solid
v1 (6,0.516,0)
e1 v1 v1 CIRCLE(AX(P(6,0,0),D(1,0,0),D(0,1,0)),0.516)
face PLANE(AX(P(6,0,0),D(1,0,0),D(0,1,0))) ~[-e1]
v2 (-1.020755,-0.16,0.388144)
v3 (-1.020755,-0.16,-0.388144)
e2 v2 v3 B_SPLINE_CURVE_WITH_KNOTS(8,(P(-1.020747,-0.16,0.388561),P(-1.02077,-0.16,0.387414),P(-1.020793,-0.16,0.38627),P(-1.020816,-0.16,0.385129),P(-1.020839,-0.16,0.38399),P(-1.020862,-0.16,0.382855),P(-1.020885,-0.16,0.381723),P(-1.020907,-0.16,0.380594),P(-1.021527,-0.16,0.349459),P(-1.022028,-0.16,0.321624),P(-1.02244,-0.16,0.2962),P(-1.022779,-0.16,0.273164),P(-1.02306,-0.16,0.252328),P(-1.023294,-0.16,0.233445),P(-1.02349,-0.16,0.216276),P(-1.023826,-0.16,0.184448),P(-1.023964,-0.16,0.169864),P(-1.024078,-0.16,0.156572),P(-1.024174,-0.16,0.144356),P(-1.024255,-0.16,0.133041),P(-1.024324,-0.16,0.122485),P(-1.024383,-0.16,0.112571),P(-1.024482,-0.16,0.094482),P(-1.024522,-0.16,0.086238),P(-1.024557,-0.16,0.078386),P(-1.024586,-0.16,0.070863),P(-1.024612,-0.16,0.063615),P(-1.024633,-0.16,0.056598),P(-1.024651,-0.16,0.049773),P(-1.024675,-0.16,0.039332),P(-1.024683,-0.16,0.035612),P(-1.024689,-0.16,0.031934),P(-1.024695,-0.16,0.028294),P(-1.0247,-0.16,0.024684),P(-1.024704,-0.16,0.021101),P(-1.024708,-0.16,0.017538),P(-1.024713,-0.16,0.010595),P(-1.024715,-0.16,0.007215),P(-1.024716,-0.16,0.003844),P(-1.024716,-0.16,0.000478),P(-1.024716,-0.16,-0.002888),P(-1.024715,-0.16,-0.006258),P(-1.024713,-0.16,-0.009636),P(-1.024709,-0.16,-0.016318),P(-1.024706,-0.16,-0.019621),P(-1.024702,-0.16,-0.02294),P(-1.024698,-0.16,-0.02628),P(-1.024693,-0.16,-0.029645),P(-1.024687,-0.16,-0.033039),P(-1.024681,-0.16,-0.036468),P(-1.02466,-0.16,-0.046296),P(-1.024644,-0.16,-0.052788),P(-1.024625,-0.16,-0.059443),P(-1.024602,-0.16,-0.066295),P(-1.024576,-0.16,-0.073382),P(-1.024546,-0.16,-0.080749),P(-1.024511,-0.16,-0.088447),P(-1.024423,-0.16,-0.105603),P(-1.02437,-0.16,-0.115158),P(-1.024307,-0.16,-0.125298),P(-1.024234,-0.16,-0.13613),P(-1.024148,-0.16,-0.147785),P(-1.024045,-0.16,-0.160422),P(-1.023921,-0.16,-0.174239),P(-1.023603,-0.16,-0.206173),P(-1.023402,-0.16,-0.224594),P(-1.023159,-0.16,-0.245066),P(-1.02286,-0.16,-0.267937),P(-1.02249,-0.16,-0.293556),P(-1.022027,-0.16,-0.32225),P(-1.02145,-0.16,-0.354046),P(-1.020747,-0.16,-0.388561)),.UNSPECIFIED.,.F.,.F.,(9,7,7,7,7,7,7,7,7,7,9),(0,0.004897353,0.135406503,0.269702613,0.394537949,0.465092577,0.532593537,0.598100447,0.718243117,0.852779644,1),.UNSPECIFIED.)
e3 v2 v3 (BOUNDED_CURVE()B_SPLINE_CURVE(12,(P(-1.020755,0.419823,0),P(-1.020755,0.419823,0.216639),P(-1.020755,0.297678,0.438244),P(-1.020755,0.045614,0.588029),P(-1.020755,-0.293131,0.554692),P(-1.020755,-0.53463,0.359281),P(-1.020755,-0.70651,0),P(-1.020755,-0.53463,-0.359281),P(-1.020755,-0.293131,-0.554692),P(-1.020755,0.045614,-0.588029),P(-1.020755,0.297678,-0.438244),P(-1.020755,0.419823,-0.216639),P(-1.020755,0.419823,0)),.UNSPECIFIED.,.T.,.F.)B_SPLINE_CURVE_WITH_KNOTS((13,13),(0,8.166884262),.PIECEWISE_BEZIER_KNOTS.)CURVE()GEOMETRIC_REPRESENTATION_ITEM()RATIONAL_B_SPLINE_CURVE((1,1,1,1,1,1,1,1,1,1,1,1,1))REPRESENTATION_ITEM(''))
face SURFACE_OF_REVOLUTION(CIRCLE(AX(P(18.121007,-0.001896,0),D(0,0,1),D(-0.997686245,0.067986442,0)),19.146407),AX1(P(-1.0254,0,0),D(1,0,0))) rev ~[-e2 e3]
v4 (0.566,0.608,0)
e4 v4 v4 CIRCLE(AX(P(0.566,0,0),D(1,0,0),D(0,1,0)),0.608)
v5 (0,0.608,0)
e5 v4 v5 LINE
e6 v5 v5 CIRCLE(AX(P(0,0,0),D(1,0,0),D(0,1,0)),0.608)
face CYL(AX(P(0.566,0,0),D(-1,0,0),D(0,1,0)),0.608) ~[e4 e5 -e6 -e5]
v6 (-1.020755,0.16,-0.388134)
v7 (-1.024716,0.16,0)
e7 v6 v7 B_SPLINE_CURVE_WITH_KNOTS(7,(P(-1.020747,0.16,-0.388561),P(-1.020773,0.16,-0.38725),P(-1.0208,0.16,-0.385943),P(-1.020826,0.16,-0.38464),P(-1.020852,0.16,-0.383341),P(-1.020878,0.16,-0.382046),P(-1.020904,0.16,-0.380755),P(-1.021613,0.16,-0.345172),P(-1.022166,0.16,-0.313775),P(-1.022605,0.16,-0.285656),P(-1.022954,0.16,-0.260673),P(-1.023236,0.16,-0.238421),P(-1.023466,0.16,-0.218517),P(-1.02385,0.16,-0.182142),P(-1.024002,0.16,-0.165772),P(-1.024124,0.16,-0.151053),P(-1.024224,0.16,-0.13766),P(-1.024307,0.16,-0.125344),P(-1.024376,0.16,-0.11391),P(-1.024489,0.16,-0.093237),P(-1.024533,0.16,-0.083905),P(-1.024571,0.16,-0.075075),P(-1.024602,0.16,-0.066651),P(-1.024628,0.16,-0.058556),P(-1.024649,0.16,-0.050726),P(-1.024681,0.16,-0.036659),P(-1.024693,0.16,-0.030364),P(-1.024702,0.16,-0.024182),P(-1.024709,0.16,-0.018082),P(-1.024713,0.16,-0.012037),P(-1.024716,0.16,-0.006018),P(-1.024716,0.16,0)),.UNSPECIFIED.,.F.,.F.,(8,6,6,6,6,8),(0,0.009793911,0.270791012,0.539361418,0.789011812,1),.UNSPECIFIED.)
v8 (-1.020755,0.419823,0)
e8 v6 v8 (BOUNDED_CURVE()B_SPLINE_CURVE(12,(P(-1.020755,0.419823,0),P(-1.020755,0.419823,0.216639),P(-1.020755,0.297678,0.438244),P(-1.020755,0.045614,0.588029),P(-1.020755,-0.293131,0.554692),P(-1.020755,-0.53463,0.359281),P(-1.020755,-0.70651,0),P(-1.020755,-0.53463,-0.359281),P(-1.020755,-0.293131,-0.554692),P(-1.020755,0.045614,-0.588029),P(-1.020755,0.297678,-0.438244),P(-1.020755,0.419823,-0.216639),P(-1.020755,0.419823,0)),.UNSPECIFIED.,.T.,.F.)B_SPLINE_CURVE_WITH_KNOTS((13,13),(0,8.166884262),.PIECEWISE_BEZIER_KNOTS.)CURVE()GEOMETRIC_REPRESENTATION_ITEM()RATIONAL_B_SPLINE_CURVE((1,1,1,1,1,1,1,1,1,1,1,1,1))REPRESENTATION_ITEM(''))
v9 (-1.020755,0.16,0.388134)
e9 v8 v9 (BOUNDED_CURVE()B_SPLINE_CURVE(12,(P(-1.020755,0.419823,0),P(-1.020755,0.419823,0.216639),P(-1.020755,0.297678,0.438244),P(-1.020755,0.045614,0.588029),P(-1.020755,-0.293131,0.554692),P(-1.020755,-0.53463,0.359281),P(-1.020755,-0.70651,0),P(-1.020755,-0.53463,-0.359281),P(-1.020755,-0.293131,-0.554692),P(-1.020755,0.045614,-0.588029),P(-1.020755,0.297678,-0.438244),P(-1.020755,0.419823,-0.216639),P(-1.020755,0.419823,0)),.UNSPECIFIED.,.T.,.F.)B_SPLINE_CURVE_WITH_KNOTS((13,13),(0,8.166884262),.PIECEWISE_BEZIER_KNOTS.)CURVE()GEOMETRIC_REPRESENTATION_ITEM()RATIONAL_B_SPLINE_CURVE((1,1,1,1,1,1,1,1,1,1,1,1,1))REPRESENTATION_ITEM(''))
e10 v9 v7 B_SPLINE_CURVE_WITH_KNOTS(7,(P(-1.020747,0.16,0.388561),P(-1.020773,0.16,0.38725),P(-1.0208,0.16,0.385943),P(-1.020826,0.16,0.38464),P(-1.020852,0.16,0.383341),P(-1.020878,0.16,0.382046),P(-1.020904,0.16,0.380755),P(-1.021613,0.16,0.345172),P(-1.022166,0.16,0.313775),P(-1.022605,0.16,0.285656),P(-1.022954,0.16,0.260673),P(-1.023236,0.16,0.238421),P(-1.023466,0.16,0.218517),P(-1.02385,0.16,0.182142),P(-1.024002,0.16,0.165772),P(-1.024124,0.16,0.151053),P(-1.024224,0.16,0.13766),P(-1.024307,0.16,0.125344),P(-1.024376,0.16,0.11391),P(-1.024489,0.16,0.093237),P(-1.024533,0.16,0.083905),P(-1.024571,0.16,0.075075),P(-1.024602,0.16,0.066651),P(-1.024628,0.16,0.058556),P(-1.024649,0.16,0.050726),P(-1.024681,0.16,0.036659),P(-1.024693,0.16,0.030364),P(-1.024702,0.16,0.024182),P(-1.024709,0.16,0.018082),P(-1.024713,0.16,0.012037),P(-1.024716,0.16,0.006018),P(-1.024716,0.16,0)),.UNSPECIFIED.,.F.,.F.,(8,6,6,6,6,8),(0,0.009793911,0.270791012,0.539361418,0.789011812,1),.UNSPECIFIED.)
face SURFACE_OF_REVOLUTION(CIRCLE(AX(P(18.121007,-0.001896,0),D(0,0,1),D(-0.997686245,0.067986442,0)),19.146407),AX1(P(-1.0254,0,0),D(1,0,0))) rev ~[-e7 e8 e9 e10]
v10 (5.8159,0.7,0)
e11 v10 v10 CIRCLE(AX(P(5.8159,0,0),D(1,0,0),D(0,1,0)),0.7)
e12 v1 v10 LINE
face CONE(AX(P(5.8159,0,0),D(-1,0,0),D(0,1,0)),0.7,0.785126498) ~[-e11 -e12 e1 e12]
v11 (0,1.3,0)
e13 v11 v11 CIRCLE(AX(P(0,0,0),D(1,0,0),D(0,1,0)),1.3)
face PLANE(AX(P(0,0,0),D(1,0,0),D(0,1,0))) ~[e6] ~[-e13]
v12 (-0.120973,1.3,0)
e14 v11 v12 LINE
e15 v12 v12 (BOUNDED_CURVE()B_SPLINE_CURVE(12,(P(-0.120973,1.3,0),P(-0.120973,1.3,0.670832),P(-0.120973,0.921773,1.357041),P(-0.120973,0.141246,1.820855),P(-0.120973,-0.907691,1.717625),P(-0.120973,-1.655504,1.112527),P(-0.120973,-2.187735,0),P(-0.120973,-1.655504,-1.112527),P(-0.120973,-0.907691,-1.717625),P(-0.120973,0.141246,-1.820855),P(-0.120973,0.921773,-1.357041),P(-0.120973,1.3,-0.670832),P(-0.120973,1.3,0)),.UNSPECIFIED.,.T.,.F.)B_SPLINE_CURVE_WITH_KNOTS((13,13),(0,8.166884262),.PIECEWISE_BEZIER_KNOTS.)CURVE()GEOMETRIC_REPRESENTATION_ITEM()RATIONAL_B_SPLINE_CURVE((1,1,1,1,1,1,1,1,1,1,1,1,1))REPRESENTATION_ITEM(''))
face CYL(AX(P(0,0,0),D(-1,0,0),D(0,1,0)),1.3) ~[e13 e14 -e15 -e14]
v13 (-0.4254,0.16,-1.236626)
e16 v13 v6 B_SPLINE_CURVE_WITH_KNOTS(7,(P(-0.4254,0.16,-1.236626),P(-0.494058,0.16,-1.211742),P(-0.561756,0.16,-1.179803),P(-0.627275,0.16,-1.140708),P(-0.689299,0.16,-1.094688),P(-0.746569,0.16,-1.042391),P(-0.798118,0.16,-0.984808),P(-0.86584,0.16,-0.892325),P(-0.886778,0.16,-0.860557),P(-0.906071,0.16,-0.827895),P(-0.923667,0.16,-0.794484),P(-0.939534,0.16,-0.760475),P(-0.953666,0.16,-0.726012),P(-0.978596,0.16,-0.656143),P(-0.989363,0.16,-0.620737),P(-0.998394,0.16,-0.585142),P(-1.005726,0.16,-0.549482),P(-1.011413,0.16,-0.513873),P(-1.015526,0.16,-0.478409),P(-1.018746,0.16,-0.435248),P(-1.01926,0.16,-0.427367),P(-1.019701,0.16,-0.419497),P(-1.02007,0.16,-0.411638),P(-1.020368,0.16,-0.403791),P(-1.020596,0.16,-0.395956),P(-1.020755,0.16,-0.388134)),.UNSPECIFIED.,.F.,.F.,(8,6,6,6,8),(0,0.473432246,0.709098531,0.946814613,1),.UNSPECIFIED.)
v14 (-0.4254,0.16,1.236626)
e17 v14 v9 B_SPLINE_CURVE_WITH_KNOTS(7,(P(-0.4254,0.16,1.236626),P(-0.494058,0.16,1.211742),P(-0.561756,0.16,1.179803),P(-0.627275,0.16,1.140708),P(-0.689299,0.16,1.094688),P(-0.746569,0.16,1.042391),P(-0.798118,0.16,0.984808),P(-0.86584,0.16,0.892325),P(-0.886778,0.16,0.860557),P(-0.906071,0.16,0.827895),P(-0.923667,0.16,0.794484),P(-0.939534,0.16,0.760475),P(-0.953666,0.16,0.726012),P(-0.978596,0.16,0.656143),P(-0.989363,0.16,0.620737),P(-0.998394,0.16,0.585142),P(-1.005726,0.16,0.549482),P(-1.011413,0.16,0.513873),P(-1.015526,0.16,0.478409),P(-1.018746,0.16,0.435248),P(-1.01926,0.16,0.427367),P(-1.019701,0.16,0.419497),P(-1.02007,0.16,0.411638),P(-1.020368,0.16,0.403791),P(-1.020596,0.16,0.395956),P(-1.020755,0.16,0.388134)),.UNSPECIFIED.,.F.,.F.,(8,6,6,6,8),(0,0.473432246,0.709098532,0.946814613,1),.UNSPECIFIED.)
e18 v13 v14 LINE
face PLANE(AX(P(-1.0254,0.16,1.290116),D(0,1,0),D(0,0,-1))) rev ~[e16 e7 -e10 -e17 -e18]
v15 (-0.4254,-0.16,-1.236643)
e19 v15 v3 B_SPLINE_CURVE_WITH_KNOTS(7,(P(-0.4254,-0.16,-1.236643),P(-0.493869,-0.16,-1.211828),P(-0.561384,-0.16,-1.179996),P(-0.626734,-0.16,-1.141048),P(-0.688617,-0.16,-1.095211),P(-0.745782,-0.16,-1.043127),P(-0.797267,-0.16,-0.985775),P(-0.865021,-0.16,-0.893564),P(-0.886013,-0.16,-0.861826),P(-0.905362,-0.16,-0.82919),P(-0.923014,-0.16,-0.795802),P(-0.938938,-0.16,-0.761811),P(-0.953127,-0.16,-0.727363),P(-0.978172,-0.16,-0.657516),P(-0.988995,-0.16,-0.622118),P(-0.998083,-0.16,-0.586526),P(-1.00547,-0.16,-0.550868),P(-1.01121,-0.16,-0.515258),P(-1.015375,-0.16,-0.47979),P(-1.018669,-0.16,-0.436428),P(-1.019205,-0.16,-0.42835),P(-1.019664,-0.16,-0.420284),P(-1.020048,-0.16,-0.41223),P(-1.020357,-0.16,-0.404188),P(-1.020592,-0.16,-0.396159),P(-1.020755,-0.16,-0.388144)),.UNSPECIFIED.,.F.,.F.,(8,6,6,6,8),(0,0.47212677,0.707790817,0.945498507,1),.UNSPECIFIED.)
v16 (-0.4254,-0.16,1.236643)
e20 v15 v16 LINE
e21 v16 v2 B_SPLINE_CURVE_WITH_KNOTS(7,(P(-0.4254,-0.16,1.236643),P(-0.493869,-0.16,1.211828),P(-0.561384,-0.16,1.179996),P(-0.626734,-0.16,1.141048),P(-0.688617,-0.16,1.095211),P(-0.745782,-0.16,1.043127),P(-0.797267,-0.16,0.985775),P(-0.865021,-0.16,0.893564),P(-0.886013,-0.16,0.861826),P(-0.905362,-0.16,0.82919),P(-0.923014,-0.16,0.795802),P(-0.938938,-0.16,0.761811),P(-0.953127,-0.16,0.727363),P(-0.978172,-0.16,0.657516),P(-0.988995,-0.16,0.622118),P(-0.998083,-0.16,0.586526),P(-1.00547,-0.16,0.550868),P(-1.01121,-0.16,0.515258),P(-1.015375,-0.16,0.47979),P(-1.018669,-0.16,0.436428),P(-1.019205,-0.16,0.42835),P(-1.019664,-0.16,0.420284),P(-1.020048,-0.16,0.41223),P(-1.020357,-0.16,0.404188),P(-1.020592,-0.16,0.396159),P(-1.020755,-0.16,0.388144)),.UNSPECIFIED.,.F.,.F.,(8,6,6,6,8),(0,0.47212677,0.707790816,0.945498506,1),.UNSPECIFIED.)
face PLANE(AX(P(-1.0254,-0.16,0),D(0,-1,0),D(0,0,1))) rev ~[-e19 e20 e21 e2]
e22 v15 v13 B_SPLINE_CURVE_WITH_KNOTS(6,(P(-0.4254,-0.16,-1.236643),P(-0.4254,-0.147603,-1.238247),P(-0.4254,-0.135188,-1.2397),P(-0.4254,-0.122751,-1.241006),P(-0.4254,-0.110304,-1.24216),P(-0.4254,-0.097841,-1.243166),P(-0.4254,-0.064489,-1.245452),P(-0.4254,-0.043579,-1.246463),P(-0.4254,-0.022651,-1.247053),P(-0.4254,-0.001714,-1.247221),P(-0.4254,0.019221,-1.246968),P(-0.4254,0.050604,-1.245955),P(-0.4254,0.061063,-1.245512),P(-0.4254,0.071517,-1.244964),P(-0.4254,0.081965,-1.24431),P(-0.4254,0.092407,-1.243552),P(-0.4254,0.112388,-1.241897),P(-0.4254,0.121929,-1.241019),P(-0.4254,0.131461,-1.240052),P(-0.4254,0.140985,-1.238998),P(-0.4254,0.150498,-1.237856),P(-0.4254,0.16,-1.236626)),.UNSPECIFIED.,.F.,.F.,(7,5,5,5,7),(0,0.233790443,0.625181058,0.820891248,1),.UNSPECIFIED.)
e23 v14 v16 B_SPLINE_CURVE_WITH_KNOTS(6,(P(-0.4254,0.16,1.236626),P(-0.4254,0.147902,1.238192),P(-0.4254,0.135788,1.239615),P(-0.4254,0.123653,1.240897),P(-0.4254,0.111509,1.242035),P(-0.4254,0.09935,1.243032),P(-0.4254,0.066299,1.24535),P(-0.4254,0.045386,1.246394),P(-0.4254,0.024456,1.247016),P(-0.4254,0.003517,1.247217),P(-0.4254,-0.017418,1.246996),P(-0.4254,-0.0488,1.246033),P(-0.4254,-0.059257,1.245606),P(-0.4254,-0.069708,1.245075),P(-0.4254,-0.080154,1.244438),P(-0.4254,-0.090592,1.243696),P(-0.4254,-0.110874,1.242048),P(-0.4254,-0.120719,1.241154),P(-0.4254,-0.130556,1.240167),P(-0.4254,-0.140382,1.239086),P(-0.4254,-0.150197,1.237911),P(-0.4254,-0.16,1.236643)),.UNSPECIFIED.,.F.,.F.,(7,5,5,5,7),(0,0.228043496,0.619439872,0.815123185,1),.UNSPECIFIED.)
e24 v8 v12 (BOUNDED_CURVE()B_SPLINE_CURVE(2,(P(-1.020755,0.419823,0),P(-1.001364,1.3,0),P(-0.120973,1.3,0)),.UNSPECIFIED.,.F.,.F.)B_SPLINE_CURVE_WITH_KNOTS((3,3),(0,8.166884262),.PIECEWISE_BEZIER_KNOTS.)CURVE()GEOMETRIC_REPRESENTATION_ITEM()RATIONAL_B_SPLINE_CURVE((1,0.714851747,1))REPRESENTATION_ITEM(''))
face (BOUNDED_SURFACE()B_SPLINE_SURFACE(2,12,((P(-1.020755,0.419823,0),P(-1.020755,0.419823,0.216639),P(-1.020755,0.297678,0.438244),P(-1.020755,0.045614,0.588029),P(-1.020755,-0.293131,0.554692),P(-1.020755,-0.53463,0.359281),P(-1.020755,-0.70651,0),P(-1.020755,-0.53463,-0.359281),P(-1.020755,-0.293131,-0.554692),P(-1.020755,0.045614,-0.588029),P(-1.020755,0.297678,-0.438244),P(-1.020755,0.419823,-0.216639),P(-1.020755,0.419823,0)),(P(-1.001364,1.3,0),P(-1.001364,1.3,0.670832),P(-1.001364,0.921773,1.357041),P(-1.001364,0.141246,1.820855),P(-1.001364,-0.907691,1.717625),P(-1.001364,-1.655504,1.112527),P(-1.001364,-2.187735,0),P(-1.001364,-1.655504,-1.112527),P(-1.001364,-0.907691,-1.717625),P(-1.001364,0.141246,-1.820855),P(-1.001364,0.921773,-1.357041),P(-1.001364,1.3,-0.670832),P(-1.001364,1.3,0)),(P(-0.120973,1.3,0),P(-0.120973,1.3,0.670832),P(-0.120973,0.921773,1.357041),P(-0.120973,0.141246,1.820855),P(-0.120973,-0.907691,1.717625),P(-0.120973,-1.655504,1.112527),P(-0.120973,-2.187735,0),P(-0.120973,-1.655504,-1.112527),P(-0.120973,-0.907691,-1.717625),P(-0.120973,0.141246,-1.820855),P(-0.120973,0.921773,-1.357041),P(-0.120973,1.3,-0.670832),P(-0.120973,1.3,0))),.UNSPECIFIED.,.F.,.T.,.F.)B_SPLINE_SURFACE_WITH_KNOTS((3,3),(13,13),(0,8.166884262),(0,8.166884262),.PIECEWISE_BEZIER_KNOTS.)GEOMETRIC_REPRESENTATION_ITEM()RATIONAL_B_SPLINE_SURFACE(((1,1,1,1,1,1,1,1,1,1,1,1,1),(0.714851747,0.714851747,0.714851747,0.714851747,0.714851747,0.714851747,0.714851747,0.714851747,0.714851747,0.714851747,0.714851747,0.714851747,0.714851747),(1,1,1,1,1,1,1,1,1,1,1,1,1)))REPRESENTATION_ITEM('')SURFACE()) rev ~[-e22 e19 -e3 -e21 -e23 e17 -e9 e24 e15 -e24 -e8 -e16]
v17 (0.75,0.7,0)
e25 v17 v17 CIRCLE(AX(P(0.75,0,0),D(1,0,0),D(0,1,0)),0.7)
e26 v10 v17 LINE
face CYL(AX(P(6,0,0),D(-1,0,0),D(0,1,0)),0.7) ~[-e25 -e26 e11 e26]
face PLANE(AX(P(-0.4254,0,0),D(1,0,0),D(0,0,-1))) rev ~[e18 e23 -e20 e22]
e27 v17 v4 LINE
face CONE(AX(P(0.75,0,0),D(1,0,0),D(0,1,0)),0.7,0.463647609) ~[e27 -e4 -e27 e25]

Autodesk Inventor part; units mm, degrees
ref_plane "YZ Plane" through (0, 0, 0) normal (1, 0, 0) x (0, 1, 0)
sketch "Sketch1" plane through (0, 0, 0) normal (0, 0, 1) x (1, 0, 0)
  line L0 (-1.0254, 0) -> (6, 0)
  line L1 (6, 0) -> (6, 0.7)
  line L2 (6, 0.7) -> (0.75, 0.7)
  line L3 (0.75, 0.7) -> (0.566, 0.608)
  line L4 (0.566, 0.608) -> (0, 0.608)
  line L5 (0, 0.608) -> (0, 1.3)
  line L6 (-4.8605, 0) -> (21.908, 0) projected
  line L7 (0, -0.26) -> (0, 1.5602) projected
  line L8 (0, 1.3) -> (-0.9811, 1.2998)
  arc A0 (-0.9811, 1.2998) -> (-1.0254, 0) centre (18.0839, 0) ccw
  dimension "d0" = 6
  dimension "d1" = 5.25
  dimension "d2" = 0.184
  dimension "d3" = 1.0254
  dimension "d4" = 1.4
  dimension "d5" = 1.216
  dimension "d9" = 2.6
  dimension "d10" = 0.01
  dimension "d15" = 19.1093
revolve "Body" add sketch "Sketch1" angle 360 about axis through (-1.0254, 0, 0) along (1, 0, 0)
fillet "Fillet1" radius 0.9 1 edges at (-0.9811, -1.2998, 0)
ref_plane "IDS_WORKPLANE{1}" through (-1.0254, 0, 0) normal (1, 0, 0) x (0, 0, -1)
sketch "Sketch2" plane through (-1.0254, 0, 0) normal (1, 0, 0) x (0, 0, -1)
  line L0 (0, -1.82) -> (0, 1.82) projected
  line L1 (1.82, 0) -> (-1.82, 0) projected
  line L2 (-1.3, 0.16) -> (1.3, 0.16)
  line L3 (1.3, 0.16) -> (1.3, -0.16)
  line L4 (1.3, -0.16) -> (-1.3, -0.16)
  line L5 (-1.3, -0.16) -> (-1.3, 0.16)
  line L6 (0, 0.16) -> (0, -0.16) construction
  line L7 (-1.3, 0) -> (1.3, 0) construction
  circle A0 centre (0, 0) radius 1.3 projected
  dimension "d17" = 0.32
extrude "Slot" cut sketch "Sketch2" along normal blind 0.6 contours L4 A0 L1 L0 | L0 L1 A0 L4 | L4 L5 A0 | A0 L3 L4 | L1 A0 L2 L0 | L0 L2 A0 L1 | L5 L2 A0 | A0 L2 L3
thread "Thread" size "M1.4x0.3" class "6g" standard "ISO Metric profile" length 5.25
chamfer "Chamfer1" distance 0.184 distance2 0.1841 1 edges at (6, -0.7, 0) measured on face at (6, 0.4293, -0.1327)
ref_plane "Work Plane2" through (8.25, 0, 0) normal (0, 0, -1) x (1, 0, 0)
equation "\"d17\" = SBR"
equation "\"d18\" = STI"
equation "\"d20\" = RR"
equation "\"d11\" = GEL"
equation "\"d13\" = -0.5 * SPD + 0.5 * GD"
equation "\"d0\" = NLG"
equation "\"d1\" = GEL"
equation "\"d2\" = GAL"
equation "\"d3\" = KOH"
equation "\"d4\" = GD"
equation "\"d5\" = BDM"
equation "\"d9\" = KOD"
equation "\"d10\" = KEWI"
equation "\"GD\" = NND"
equation "\"NLG\" = 6"
equation "\"GEL\" = 5.25"
equation "\"KOD\" = 2.6"
equation "\"KOH\" = 1.02539"
equation "\"GAL\" = 0.61345 * PTC"
equation "\"SPD\" = NND - 1.2269 * PTC"
equation "\"BDM\" = 1.216"
equation "\"GUL\" = 0.61345 * PTC"
equation "\"RR\" = 0.9"
equation "\"SBR\" = 0.32"
equation "\"STI\" = 0.6"
equation "\"KEWI\" = 0.01deg"
equation "\"KR\" = 1.6"
equation "\"d16\" = -KOH"
equation "\"PTC\" = 0.3"
equation "\"THREADDIA\" = 1.4"
equation "\"TOA\" = 30deg"
equation "\"NND\" = 1.4"
equation "\"ORI\" = 0.9"
equation "\"GD1\" = THREADDIA - 1.2269 * PTC"
properties part number "CNS 9671 - M1,4 x 6" material "Steel, Mild"
